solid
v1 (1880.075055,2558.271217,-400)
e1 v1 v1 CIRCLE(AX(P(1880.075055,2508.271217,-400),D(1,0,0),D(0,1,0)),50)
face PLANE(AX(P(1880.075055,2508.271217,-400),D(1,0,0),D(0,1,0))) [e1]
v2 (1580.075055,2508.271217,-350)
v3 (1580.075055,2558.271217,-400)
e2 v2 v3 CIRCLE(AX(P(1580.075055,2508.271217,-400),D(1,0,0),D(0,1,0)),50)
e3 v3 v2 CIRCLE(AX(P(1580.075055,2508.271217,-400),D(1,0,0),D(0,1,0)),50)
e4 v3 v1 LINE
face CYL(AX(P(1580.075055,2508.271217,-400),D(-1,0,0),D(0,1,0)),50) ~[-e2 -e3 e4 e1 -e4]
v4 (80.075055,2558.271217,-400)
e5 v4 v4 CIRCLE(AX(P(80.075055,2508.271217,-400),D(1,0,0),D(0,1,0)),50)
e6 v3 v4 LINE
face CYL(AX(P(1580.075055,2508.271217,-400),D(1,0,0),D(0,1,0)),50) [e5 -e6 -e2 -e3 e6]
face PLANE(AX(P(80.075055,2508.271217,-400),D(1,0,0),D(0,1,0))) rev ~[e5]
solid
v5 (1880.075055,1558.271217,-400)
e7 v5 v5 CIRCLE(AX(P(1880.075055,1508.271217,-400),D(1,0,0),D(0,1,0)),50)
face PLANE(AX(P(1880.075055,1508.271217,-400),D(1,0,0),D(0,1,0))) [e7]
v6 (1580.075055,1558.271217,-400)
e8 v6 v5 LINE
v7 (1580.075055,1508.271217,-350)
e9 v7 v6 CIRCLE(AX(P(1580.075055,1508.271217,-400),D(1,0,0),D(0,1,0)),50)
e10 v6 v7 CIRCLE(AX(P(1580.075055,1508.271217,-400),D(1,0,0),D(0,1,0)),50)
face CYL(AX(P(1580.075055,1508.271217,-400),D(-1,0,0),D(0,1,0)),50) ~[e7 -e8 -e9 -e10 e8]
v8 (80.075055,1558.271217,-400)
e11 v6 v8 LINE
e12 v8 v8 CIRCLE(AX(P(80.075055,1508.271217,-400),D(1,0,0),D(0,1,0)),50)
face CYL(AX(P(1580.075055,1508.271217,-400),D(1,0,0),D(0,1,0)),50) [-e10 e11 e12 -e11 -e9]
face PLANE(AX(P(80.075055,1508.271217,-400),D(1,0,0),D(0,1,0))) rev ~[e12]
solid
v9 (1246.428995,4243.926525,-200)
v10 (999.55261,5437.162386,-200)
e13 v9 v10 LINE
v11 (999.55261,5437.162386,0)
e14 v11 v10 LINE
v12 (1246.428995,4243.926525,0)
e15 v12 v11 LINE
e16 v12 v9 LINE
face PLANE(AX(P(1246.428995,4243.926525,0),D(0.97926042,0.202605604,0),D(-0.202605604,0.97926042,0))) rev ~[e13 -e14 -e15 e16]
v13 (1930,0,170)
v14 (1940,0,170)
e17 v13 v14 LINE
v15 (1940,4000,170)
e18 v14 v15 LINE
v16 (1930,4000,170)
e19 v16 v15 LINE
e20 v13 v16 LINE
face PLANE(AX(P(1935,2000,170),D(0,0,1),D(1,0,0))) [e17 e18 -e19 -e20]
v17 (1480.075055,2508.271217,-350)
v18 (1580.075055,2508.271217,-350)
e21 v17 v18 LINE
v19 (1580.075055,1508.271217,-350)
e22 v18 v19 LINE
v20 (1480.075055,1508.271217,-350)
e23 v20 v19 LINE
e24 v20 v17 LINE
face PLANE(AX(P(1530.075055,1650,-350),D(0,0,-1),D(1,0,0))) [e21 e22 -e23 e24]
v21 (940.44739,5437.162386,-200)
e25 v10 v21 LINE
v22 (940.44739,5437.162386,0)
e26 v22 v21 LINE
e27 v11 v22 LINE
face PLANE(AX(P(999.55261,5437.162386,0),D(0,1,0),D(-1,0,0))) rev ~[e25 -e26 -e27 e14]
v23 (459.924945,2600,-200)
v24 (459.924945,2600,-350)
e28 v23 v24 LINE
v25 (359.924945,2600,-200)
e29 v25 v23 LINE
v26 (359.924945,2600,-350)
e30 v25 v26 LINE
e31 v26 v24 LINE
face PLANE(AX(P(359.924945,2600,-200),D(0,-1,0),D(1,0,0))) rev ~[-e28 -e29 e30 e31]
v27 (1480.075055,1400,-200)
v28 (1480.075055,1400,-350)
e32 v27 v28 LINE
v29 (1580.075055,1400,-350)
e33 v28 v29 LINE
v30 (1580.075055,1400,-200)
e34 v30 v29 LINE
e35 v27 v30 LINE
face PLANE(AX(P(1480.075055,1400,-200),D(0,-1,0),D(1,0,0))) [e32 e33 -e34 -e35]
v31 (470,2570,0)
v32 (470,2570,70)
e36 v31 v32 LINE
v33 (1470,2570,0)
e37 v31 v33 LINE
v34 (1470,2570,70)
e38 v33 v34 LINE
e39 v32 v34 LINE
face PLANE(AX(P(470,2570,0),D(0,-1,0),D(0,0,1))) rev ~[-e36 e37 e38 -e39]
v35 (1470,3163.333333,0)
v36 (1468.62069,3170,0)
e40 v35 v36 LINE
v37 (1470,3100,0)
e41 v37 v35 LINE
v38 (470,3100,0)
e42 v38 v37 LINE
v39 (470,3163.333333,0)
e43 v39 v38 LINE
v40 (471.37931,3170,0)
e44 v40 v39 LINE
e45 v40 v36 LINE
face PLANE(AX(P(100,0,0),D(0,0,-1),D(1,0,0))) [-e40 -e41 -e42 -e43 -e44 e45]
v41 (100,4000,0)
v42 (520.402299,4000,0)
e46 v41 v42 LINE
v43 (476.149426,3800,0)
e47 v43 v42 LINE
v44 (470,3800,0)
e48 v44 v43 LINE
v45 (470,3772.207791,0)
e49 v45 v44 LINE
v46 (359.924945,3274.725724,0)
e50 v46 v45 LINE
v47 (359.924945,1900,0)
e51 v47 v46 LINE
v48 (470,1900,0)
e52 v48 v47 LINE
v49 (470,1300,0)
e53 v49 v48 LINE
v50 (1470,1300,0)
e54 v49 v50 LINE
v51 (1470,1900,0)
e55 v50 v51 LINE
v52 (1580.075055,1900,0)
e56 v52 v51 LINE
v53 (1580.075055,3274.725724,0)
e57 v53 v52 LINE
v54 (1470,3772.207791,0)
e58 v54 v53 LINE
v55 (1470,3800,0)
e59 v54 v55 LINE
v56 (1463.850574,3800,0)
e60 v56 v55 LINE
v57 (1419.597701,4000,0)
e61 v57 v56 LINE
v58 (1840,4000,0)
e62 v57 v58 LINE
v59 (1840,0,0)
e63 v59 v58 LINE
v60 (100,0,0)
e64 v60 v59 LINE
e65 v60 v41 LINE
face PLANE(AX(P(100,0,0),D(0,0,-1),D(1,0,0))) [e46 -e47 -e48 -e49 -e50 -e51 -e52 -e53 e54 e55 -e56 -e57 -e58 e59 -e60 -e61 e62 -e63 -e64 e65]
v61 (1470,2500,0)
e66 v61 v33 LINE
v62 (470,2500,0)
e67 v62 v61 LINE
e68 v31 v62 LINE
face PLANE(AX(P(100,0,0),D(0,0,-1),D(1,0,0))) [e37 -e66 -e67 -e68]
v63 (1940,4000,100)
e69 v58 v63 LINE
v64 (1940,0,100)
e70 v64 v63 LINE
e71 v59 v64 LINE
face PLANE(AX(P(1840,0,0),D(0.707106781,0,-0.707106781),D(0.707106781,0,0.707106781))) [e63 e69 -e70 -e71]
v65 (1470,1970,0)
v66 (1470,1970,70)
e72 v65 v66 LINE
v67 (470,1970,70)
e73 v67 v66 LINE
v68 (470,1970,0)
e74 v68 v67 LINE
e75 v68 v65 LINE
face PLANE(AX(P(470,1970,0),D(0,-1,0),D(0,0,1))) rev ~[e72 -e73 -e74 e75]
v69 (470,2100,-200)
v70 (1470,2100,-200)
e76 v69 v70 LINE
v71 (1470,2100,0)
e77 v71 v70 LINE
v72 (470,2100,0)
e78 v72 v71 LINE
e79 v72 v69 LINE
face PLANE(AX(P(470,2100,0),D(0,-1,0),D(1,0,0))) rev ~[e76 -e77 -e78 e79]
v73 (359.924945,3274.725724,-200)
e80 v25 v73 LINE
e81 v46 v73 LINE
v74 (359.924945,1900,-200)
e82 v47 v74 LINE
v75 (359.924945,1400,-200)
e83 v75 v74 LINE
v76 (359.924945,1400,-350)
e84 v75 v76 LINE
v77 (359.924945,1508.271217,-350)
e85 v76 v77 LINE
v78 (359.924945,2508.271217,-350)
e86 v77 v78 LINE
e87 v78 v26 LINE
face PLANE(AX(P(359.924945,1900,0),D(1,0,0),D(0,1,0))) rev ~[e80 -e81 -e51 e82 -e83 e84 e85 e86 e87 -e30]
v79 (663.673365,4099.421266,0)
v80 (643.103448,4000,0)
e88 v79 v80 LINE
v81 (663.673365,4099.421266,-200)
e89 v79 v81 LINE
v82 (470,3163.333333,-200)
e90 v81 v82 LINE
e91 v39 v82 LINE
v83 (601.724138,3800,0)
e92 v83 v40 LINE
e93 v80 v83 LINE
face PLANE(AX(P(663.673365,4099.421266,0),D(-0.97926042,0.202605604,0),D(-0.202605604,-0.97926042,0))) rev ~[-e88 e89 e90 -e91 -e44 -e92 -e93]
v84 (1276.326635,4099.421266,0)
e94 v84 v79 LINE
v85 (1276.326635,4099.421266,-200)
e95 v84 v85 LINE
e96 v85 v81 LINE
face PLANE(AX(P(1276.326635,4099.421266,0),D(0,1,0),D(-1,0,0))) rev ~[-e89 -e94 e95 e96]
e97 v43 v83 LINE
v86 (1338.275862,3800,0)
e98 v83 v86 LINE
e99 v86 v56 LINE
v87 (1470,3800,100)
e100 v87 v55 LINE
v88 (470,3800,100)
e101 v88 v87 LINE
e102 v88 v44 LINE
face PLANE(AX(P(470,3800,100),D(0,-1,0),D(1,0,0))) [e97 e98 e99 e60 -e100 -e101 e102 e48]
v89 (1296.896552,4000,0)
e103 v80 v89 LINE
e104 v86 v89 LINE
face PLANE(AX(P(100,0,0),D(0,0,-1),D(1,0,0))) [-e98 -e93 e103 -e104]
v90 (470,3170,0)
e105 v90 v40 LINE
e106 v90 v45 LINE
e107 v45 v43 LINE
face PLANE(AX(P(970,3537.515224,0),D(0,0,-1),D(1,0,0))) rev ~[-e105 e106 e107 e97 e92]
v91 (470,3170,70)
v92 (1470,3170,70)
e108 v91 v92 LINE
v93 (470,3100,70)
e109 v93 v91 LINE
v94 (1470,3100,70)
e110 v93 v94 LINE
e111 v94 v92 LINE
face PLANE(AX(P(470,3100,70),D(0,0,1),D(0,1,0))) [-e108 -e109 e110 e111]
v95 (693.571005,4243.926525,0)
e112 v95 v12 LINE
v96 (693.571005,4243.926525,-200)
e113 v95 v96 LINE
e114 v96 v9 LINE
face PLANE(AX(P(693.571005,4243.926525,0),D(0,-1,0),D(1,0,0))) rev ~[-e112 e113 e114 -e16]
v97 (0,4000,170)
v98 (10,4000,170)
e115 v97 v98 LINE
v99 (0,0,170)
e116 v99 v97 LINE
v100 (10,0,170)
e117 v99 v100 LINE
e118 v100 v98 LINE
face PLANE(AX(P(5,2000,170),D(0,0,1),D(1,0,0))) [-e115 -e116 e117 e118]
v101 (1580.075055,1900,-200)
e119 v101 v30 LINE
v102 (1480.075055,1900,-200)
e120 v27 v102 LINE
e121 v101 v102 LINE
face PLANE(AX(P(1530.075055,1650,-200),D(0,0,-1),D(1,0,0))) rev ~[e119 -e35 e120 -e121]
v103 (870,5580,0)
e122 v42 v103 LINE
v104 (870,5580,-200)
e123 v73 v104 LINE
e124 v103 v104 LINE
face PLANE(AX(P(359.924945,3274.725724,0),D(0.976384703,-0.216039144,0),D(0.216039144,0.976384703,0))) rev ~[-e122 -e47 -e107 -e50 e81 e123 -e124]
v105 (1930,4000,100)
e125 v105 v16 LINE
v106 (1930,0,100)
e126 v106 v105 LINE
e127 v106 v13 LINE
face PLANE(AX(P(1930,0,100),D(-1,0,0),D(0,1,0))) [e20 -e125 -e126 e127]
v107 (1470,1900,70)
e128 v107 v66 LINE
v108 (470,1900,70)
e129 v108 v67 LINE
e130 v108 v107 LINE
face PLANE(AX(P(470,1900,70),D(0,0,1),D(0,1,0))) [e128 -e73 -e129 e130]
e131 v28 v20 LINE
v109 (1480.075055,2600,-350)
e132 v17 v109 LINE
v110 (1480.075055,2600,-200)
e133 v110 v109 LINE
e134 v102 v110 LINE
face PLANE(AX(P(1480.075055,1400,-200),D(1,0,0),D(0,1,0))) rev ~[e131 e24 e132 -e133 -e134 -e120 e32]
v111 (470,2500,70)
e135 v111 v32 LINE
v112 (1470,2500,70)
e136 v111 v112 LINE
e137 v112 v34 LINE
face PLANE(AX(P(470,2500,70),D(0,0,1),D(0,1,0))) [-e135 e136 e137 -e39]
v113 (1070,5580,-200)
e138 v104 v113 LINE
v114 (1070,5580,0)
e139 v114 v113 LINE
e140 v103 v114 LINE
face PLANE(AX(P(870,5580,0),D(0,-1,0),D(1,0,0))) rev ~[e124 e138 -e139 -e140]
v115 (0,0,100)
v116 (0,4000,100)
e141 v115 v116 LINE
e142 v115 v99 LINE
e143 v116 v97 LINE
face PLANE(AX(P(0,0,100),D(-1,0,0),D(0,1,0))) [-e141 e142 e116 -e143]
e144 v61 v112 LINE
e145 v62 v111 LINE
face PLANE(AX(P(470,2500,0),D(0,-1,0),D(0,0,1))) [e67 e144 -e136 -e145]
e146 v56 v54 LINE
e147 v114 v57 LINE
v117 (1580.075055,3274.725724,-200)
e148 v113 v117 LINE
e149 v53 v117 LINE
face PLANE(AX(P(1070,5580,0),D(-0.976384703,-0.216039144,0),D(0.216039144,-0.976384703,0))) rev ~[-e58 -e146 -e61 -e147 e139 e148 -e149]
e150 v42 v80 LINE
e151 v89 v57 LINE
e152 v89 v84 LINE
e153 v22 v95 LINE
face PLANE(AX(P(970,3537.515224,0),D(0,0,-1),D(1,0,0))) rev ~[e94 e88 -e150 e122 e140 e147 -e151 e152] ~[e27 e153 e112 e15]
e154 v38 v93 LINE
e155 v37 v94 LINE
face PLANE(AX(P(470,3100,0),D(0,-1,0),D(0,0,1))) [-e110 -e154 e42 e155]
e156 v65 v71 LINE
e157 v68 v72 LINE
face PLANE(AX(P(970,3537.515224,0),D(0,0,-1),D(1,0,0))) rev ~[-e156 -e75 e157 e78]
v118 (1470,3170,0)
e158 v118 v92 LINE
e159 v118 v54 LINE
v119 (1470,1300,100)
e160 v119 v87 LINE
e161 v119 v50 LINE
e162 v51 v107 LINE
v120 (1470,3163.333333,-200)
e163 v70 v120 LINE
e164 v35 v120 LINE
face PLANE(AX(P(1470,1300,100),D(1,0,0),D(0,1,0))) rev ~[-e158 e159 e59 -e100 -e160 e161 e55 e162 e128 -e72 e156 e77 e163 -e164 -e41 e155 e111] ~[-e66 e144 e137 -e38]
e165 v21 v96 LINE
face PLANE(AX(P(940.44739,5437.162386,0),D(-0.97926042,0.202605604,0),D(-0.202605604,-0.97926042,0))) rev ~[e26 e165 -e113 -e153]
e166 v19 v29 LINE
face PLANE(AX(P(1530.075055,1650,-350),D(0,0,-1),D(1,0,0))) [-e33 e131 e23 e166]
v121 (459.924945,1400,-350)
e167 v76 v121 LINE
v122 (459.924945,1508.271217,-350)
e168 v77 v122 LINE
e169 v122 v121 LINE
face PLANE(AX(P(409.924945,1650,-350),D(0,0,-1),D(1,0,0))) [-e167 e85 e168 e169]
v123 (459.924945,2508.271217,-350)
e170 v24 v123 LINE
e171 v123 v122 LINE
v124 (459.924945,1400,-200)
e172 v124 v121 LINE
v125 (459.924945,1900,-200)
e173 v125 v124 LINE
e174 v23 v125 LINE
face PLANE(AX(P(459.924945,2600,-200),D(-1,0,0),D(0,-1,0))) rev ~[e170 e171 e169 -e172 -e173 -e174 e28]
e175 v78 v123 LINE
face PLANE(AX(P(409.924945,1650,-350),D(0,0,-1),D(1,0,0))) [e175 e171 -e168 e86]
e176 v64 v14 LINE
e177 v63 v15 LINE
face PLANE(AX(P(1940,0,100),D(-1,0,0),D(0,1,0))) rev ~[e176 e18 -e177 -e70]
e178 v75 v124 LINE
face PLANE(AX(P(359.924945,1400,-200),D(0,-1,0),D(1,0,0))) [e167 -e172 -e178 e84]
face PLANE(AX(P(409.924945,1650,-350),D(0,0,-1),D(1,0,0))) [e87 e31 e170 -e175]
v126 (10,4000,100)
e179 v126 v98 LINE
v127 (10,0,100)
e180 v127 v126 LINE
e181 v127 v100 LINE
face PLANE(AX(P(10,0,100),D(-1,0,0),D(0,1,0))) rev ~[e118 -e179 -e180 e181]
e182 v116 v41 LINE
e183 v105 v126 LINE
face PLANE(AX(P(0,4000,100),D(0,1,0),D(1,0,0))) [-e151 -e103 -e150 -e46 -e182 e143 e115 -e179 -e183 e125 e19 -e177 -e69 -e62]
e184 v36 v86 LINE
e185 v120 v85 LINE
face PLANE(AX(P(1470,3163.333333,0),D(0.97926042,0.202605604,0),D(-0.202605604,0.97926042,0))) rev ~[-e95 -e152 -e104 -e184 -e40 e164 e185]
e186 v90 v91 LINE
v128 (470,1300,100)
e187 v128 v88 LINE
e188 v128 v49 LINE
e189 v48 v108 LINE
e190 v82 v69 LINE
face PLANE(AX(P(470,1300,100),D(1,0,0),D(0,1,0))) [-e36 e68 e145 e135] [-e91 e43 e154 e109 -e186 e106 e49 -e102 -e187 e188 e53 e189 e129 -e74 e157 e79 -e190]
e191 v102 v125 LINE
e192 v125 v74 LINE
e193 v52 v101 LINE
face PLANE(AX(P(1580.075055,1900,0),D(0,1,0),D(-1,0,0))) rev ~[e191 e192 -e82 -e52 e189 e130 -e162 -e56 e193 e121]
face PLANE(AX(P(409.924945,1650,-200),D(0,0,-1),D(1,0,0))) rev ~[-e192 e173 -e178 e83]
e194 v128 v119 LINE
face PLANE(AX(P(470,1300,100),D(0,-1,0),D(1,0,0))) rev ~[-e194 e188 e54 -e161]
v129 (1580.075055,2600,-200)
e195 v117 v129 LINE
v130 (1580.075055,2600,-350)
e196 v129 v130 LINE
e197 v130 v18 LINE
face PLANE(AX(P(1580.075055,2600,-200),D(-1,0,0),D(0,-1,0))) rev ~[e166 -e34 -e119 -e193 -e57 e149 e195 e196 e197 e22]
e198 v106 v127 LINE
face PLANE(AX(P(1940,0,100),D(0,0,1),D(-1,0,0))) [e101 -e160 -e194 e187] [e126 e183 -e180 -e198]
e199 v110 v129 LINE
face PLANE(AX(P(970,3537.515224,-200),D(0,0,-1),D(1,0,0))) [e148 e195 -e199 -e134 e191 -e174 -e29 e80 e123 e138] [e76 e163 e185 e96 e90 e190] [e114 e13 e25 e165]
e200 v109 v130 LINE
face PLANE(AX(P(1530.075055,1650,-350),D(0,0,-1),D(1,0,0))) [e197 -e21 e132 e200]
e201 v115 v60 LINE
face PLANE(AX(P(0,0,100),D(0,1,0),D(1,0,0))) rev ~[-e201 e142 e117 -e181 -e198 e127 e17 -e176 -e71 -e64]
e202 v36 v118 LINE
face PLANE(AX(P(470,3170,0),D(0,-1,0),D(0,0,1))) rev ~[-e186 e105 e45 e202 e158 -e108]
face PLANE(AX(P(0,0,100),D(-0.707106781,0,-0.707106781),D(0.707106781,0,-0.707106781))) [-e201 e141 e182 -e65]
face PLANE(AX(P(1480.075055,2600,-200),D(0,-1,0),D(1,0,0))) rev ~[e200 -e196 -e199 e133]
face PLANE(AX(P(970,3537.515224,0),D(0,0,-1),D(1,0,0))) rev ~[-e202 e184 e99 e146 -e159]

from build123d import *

# Parameters (mm, degrees)
F1_DEPTH       = 4000
F2_W           = 1000
F2_H           = 2500
F3_DEPTH       = 100
F4_W           = 70
F4_H           = 70
F5_DEPTH       = 1000
F6_W           = 10
F6_H           = 4000
F7_DEPTH       = 70
F9_DEPTH       = 200
F10_W          = 100
F10_H          = 500
F10_H_2        = 700
F11_DEPTH      = 150
F12_R          = 50
F13_DEPTH      = 300
F13_DEPTH_BACK = 1500


with BuildPart() as f1:
    # F0 (on Front) → F1 (new body)
    with BuildSketch(Plane.XZ):
        Polygon((0, 100), (100, 0), (1840, 0), (1940, 100), align=None)
    extrude(amount=-F1_DEPTH)

    # F2 (on face) → F3 (cut)
    with BuildSketch(Plane.XY.offset(100)):
        with Locations((970, 2550)):
            Rectangle(F2_W, F2_H)
    extrude(amount=-F3_DEPTH, mode=Mode.SUBTRACT)

    # F4 (on face) → F5 (join)
    with BuildSketch(Plane.YZ.offset(470)):
        with Locations((1935, 35)):
            Rectangle(F4_W, F4_H)
        with Locations((2535, 35)):
            Rectangle(F4_W, F4_H)
        with Locations((3135, 35)):
            Rectangle(F4_W, F4_H)
    extrude(amount=F5_DEPTH)

    # F6 (on face) → F7 (join)
    with BuildSketch(Plane.XY.offset(100)):
        with Locations((5, 2000)):
            Rectangle(F6_W, F6_H)
        with Locations((1935, 2000)):
            Rectangle(F6_W, F6_H)
    extrude(amount=F7_DEPTH)

    # F8 (on face) → F9 (join)
    with BuildSketch(Plane(origin=(0, 0, 0), x_dir=(1, 0, 0), z_dir=(0, 0, -1))):
        Polygon((1580.075055, -3274.725724), (1580.075055, -1900), (359.924945, -1900), (359.924945, -3274.725724), (870, -5580), (1070, -5580), align=None)
        Polygon((999.55261, -5437.162386), (940.44739, -5437.162386), (693.571005, -4243.926525), (1246.428995, -4243.926525), align=None, mode=Mode.SUBTRACT)
        Polygon((470, -2100), (1470, -2100), (1470, -3163.333333), (1276.326635, -4099.421266), (663.673365, -4099.421266), (470, -3163.333333), align=None, mode=Mode.SUBTRACT)
    extrude(amount=F9_DEPTH)

    # F10 (on face) → F11 (join)
    with BuildSketch(Plane(origin=(0, 0, -200), x_dir=(1, 0, 0), z_dir=(0, 0, -1))):
        with Locations((1530.075055, -1650)):
            Rectangle(F10_W, F10_H)
        with Locations((1530.075055, -2250)):
            Rectangle(F10_W, F10_H_2)
        with Locations((409.924945, -1650)):
            Rectangle(F10_W, F10_H)
        with Locations((409.924945, -2250)):
            Rectangle(F10_W, F10_H_2)
    extrude(amount=F11_DEPTH)

    # F12 (on face) → F13 (join, two sides)
    with BuildSketch(Plane.YZ.offset(1580.075055)) as f13_sk:
        with Locations((1508.271217, -400)):
            Circle(F12_R)
        with Locations((2508.271217, -400)):
            Circle(F12_R)
    extrude(amount=F13_DEPTH)
    extrude(f13_sk.sketch, amount=-F13_DEPTH_BACK)


solid = f1.part
